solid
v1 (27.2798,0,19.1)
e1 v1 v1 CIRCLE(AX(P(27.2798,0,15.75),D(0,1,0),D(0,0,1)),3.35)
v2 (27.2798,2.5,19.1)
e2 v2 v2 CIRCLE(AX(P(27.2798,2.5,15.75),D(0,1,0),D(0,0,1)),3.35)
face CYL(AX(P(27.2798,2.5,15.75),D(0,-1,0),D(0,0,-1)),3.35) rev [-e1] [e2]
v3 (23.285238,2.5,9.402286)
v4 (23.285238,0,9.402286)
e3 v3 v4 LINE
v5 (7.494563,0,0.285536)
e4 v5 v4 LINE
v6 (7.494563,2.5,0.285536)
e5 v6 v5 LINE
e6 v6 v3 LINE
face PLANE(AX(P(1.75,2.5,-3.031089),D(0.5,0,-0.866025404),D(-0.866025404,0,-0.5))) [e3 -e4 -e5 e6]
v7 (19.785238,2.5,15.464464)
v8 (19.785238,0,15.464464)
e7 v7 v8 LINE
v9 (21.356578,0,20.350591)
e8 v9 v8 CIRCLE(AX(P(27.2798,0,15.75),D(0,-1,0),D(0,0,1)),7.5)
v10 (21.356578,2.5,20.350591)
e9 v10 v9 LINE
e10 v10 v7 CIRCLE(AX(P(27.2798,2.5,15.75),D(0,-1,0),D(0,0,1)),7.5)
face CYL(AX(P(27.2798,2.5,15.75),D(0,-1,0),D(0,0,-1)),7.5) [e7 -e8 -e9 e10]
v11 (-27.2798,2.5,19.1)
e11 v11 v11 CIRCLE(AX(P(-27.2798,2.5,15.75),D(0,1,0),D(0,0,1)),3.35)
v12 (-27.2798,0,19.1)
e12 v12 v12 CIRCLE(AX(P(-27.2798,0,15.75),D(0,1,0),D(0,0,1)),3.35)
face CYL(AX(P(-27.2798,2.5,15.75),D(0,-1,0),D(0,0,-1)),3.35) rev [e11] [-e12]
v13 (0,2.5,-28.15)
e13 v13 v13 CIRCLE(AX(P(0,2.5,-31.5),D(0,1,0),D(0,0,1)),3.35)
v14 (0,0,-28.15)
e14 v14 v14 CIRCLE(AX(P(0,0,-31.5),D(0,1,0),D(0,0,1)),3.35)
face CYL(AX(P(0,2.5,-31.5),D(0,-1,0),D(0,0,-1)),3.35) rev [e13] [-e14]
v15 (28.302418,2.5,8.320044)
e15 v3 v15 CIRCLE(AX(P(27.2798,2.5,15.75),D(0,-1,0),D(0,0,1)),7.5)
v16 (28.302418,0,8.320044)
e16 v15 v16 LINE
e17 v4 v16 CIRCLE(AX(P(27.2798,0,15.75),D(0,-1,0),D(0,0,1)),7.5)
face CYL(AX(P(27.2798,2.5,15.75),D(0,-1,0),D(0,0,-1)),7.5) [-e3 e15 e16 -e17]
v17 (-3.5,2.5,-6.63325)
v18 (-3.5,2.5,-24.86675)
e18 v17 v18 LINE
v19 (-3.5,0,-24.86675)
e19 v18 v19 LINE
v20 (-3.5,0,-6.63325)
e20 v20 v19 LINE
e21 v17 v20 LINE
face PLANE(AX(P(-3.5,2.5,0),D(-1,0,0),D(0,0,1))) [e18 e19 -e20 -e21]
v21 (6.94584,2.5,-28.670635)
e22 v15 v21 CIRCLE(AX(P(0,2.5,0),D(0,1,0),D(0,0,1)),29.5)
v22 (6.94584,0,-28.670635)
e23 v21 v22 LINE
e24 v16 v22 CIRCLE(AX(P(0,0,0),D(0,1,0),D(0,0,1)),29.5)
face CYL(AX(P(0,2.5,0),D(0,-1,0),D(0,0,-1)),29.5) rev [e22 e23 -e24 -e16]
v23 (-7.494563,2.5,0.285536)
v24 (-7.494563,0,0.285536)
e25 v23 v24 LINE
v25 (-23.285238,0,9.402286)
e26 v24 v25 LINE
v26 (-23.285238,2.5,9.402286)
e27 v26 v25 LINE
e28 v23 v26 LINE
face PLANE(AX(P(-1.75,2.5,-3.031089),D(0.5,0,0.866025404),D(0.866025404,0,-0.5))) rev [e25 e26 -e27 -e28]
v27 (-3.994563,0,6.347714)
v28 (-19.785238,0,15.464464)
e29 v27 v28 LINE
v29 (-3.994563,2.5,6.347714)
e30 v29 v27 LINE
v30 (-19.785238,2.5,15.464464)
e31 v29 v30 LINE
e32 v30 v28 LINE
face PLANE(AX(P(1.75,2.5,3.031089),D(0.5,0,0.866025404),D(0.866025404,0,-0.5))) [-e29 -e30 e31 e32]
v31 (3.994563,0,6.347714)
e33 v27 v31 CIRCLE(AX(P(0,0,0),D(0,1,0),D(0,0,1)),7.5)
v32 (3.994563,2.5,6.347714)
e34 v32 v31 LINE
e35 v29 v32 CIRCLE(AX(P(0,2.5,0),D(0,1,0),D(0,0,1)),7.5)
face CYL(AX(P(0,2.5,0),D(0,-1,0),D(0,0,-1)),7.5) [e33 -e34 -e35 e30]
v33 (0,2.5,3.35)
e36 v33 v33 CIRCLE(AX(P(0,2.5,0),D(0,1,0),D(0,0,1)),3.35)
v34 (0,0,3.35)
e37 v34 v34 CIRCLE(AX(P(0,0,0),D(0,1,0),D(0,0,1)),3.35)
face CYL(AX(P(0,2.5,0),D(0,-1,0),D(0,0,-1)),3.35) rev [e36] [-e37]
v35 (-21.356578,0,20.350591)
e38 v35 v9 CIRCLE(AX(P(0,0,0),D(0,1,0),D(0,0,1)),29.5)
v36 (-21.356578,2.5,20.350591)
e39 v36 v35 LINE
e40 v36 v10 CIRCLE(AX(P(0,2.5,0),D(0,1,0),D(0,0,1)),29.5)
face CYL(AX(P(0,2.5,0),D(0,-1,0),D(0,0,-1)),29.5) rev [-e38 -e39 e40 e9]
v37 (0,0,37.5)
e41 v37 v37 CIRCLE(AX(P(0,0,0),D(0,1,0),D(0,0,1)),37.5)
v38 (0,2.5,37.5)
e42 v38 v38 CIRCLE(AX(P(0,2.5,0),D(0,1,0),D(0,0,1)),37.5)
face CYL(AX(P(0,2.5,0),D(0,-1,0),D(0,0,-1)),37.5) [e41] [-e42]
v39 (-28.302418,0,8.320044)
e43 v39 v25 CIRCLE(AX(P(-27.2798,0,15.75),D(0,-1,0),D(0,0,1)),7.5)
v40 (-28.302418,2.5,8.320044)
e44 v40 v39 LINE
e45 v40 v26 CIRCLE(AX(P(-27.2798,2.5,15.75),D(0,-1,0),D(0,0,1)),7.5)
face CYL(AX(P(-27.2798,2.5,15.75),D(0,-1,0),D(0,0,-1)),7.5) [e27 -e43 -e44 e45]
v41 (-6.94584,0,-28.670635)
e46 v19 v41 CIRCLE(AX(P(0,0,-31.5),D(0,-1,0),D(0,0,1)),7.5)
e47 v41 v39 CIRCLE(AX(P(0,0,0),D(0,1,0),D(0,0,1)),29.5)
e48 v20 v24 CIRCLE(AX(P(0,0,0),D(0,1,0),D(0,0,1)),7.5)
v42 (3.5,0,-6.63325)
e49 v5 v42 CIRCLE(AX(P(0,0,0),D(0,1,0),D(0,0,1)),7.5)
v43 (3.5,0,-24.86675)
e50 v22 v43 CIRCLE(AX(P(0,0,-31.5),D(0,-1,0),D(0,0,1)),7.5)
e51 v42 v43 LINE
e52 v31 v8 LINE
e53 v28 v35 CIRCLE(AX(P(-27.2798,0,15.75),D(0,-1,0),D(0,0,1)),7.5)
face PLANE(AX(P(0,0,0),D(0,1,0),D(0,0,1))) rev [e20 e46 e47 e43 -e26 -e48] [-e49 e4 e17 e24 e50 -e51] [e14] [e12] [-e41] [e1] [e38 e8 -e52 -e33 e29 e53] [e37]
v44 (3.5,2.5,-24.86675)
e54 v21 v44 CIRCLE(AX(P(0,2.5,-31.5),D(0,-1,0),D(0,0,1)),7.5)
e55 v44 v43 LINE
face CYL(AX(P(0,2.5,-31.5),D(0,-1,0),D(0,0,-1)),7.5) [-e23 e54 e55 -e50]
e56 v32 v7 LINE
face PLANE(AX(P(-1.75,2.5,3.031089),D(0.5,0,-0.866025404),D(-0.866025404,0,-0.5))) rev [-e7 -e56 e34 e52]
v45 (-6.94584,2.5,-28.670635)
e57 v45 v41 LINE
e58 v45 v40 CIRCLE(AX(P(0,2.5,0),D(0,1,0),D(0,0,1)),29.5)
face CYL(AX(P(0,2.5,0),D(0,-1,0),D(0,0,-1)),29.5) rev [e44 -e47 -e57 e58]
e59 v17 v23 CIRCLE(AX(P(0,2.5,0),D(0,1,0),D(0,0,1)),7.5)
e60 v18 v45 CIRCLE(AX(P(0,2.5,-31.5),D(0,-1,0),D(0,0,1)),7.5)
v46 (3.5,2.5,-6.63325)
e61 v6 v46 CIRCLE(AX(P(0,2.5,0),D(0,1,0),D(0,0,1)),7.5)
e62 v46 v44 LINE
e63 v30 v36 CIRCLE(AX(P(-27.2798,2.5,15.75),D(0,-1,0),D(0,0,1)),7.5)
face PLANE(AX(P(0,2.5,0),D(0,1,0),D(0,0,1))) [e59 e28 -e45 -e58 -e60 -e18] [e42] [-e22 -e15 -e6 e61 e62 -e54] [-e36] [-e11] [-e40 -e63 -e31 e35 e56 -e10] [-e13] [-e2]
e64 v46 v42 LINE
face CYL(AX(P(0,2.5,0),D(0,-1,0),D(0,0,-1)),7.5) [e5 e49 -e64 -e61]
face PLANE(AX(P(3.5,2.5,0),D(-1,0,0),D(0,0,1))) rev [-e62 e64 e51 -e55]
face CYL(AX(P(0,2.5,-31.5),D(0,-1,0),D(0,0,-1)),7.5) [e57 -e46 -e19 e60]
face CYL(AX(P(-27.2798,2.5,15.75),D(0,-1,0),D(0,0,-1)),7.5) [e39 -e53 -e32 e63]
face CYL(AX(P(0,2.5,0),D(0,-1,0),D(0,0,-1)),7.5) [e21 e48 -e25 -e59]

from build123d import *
from build123d.topology import SkipClean

# Parameters (mm, degrees)
SKETCH1_R           = 37.5
SKETCH1_R_2         = 3.35
BOSS_EXTRUDE1_DEPTH = 2.5
BOSS_EXTRUDE2_DEPTH = 2.5


with BuildPart() as part:
    # Sketch1 → Boss-Extrude1 (new body)
    with BuildSketch(Plane(origin=(0, 0, 0), x_dir=(1, 0, 0), z_dir=(0, 1, 0))):
        with Locations(Location((0, 0, 0), (0, 0, 270))):
            Circle(SKETCH1_R)
        with Locations(Location((0, 31.5, 0), (0, 0, 270))):
            Circle(SKETCH1_R_2, mode=Mode.SUBTRACT)
        with Locations(Location((27.279800219, -15.75, 0), (0, 0, 270))):
            Circle(SKETCH1_R_2, mode=Mode.SUBTRACT)
        with Locations(Location((-27.279800219, -15.75, 0), (0, 0, 270))):
            Circle(SKETCH1_R_2, mode=Mode.SUBTRACT)
        with BuildLine():
            ThreePointArc((-6.945839996, 28.670634921), (-25.547749412, 14.75), (-28.302418182, -8.320043573))
            ThreePointArc((-28.302418182, -8.320043573), (-20.784609691, -12), (-21.356578186, -20.350591347))
            ThreePointArc((-21.356578186, -20.350591347), (0, -29.5), (21.356578186, -20.350591347))
            ThreePointArc((21.356578186, -20.350591347), (20.784609691, -12), (28.302418182, -8.320043573))
            ThreePointArc((28.302418182, -8.320043573), (25.547749412, 14.75), (6.945839996, 28.670634921))
            ThreePointArc((6.945839996, 28.670634921), (0, 24), (-6.945839996, 28.670634921))
        make_face(mode=Mode.SUBTRACT)
    extrude(amount=BOSS_EXTRUDE1_DEPTH)

    # Sketch2 → Boss-Extrude2 (add)
    with SkipClean():  # the faces are left unmerged after this step: merging them gives an invalid solid
        with BuildSketch(Plane(origin=(0, 0, 0), x_dir=(1, 0, 0), z_dir=(0, 1, 0))):
            with BuildLine():
                Line((-3.5, 31.5), (-3.5, 6.633249581))
                ThreePointArc((-3.5, 6.633249581), (-6.495190528, 3.75), (-7.494562647, -0.285535877))
                Line((-7.494562647, -0.285535877), (-29.029800219, -12.718911087))
                Line((-29.029800219, -12.718911087), (-28.954800219, -12.848814897))
                ThreePointArc((-28.954800219, -12.848814897), (-24.378615117, -14.075), (-25.604800219, -18.651185103))
                Line((-25.604800219, -18.651185103), (-25.529800219, -18.781088913))
                Line((-25.529800219, -18.781088913), (-3.994562647, -6.347713704))
                ThreePointArc((-3.994562647, -6.347713704), (0, -7.5), (3.994562647, -6.347713704))
                Line((3.994562647, -6.347713704), (25.529800219, -18.781088913))
                Line((25.529800219, -18.781088913), (25.604800219, -18.651185103))
                ThreePointArc((25.604800219, -18.651185103), (24.378615117, -14.075), (28.954800219, -12.848814897))
                Line((28.954800219, -12.848814897), (29.029800219, -12.718911087))
                Line((29.029800219, -12.718911087), (7.494562647, -0.285535877))
                ThreePointArc((7.494562647, -0.285535877), (6.495190528, 3.75), (3.5, 6.633249581))
                Line((3.5, 6.633249581), (3.5, 31.5))
                Line((3.5, 31.5), (3.35, 31.5))
                ThreePointArc((3.35, 31.5), (0, 28.15), (-3.35, 31.5))
                Line((-3.35, 31.5), (-3.5, 31.5))
            make_face()
            with BuildLine():
                ThreePointArc((-1.675, 2.901185103), (2.901185103, 1.675), (1.675, -2.901185103))
                ThreePointArc((1.675, -2.901185103), (-2.901185103, -1.675), (-1.675, 2.901185103))
            make_face(mode=Mode.SUBTRACT)
        extrude(amount=BOSS_EXTRUDE2_DEPTH)


solid = part.part
